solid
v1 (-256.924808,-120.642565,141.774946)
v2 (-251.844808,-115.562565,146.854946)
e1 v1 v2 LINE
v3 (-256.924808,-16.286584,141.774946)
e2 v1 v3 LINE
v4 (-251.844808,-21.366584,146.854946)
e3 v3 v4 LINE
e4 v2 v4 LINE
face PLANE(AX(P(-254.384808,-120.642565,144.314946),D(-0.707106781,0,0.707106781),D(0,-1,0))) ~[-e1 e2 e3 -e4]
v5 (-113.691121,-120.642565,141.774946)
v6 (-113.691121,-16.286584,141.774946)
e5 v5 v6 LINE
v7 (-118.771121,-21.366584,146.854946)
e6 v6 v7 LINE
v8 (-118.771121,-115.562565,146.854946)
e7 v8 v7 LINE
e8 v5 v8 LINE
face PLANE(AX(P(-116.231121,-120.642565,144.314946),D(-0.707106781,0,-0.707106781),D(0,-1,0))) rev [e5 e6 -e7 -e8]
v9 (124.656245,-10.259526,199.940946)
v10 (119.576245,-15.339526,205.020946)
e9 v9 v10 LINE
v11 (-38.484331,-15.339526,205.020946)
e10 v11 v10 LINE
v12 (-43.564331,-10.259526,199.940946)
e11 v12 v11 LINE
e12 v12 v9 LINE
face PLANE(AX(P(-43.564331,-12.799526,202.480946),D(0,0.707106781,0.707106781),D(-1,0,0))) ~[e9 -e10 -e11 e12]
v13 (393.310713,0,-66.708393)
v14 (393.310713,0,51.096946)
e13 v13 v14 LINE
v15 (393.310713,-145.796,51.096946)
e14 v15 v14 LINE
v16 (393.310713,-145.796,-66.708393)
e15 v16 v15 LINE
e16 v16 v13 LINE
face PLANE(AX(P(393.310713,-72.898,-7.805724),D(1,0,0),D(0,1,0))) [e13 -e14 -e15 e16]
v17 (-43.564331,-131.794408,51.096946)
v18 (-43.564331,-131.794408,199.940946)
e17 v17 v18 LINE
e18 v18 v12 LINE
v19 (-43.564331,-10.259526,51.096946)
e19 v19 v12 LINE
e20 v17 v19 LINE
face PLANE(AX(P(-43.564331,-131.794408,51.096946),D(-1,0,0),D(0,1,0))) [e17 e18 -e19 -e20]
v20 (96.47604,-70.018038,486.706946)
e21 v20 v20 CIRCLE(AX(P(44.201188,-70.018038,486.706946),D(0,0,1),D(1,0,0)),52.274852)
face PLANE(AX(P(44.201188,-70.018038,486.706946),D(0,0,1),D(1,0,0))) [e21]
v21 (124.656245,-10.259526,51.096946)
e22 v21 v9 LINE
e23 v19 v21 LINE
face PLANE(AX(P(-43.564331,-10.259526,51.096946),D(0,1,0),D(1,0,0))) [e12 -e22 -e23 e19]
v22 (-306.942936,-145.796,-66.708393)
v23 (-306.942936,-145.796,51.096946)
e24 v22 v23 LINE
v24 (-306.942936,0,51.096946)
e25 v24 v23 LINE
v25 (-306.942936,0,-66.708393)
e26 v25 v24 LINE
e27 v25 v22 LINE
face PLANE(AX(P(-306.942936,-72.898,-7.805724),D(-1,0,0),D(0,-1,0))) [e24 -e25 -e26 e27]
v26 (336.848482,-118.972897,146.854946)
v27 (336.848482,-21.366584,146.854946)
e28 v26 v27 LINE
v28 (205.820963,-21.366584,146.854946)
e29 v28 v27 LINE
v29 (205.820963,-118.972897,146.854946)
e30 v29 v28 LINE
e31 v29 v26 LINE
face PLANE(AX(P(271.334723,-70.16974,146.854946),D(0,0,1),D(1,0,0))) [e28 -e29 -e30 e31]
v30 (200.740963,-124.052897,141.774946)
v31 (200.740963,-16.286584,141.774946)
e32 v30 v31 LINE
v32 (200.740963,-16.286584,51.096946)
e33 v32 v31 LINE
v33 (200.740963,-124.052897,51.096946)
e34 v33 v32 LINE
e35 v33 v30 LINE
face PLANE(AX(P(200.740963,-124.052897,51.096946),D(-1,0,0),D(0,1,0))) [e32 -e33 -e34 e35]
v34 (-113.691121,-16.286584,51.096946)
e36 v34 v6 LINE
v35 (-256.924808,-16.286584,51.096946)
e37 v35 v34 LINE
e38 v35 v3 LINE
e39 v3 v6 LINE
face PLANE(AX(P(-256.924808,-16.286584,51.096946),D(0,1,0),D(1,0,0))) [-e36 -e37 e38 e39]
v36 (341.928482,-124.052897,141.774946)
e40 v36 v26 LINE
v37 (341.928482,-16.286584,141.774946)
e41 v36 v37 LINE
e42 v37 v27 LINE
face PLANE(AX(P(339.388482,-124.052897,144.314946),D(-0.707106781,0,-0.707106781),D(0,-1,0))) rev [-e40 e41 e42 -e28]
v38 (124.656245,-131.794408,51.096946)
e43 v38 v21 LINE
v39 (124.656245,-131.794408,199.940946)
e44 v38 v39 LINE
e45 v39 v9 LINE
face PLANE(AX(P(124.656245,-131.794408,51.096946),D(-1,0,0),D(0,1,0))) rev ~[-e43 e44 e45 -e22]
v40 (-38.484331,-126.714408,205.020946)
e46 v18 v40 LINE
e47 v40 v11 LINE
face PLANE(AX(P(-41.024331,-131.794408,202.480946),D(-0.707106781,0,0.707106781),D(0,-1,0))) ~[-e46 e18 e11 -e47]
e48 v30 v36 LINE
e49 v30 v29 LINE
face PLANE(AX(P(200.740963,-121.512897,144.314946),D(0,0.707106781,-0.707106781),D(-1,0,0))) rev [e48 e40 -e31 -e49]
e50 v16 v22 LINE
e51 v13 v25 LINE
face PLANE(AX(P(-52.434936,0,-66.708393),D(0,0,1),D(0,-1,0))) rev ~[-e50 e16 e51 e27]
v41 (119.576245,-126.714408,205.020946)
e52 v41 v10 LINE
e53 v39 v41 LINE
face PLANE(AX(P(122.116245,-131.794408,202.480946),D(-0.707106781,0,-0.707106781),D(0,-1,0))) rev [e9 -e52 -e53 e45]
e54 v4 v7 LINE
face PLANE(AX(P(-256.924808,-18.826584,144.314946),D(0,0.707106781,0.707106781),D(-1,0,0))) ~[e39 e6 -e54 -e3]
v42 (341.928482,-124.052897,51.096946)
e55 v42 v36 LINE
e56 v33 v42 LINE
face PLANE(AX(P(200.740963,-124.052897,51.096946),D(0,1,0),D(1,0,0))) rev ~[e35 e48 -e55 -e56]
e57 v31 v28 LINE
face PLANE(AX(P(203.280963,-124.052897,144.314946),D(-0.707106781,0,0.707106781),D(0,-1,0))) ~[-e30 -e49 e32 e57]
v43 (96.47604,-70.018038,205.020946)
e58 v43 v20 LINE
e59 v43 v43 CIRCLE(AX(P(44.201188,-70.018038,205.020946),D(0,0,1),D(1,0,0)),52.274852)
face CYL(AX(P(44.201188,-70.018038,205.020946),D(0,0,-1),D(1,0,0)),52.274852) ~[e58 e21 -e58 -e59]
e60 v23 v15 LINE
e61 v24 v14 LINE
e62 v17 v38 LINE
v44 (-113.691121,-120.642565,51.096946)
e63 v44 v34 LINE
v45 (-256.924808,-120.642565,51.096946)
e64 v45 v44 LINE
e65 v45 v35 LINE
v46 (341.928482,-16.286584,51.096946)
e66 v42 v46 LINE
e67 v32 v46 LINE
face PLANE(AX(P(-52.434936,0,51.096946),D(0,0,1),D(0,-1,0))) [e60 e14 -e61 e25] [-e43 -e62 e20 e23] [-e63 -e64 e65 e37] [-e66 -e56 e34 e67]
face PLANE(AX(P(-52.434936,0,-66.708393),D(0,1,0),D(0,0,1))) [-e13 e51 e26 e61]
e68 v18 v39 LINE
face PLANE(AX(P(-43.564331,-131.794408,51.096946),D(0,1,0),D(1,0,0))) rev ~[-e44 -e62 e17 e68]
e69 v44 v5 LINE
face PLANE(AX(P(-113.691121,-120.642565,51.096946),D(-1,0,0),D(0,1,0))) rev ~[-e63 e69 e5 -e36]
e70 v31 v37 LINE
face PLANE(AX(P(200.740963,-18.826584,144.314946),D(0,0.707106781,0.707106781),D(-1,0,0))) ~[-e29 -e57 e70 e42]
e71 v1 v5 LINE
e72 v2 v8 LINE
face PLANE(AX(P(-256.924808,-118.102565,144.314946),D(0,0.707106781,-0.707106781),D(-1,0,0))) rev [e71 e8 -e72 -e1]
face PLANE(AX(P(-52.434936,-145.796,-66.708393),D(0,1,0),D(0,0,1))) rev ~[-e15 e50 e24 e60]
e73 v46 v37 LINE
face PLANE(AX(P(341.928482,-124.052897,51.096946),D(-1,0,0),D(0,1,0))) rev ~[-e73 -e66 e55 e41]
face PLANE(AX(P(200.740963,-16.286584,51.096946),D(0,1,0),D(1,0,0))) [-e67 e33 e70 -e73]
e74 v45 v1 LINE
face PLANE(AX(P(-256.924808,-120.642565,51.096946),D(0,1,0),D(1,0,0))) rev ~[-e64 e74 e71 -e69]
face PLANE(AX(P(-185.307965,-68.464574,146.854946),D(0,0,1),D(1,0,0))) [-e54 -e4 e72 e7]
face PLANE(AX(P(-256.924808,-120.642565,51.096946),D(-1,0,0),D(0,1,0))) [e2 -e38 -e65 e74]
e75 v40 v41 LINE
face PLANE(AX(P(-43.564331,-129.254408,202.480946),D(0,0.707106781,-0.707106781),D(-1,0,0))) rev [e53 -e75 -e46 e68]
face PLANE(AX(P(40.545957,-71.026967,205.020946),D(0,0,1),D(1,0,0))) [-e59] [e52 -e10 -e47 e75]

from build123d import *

# Parameters (mm, degrees)
F0_W      = 101.3216488063
F0_H      = 117.805339396
F1_DEPTH  = 145.796
F2_W      = 145.796
F2_H      = 117.805339396
F3_DEPTH  = 89.916
F4_W      = 168.2205758989
F4_H      = 121.5348821133
F5_DEPTH  = 153.924
F6_SIZE   = 5.08
F7_W      = 145.796
F7_H      = 117.805339396
F8_DEPTH  = 254.508
F9_W      = 145.796
F9_H      = 117.805339396
F10_DEPTH = 254.508
F11_W     = 143.2336866856
F11_H     = 104.3559815735
F11_W_2   = 141.1875188351
F11_H_2   = 107.7663134784
F12_DEPTH = 95.758
F13_SIZE  = 5.08
F14_R     = 52.2748523049
F15_DEPTH = 281.686


with BuildPart() as f1:
    # F0 (on Front) → F1 (new body)
    with BuildSketch(Plane.XZ):
        with Locations((-1.7741117626, -7.8057236969)):
            Rectangle(F0_W, F0_H)
    extrude(amount=F1_DEPTH)

    # F2 (on face) → F3 (join)
    with BuildSketch(Plane.YZ.offset(48.8867126405)):
        with Locations((-72.898, -7.8057236969)):
            Rectangle(F2_W, F2_H)
    extrude(amount=F3_DEPTH)

    # F4 (on face) → F5 (join)
    with BuildSketch(Plane.XY.offset(51.0969460011)):
        with Locations((40.545957163, -71.0269669071)):
            Rectangle(F4_W, F4_H)
    extrude(amount=F5_DEPTH)

    # F6
    f6_edges = [f1.edges().sort_by_distance(p)[0] for p in [
        (40.545957, -131.794408, 205.020946),
        (124.656245, -71.026967, 205.020946),
        (40.545957, -10.259526, 205.020946),
        (-43.564331, -71.026967, 205.020946),
    ]]
    chamfer(f6_edges, length=F6_SIZE)

    # F7 (on face) → F8 (join)
    with BuildSketch(Plane.YZ.offset(138.8027126405)):
        with Locations((-72.898, -7.8057236969)):
            Rectangle(F7_W, F7_H)
    extrude(amount=F8_DEPTH)

    # F9 (on face) → F10 (join)
    with BuildSketch(Plane(origin=(-52.4349361658, 0, 0), x_dir=(0, -1, 0), z_dir=(-1, 0, 0))):
        with Locations((72.898, -7.8057236969)):
            Rectangle(F9_W, F9_H)
    extrude(amount=F10_DEPTH)

    # F11 (on face) → F12 (join)
    with BuildSketch(Plane.XY.offset(51.0969460011)):
        with Locations((-185.3079646826, -68.4645744041)):
            Rectangle(F11_W, F11_H)
        with Locations((271.3347226381, -70.1697403565)):
            Rectangle(F11_W_2, F11_H_2)
    extrude(amount=F12_DEPTH)

    # F13
    f13_edges = [f1.edges().sort_by_distance(p)[0] for p in [
        (-185.307965, -16.286584, 146.854946),
        (-113.691121, -68.464574, 146.854946),
        (-185.307965, -120.642565, 146.854946),
        (-256.924808, -68.464574, 146.854946),
        (271.334723, -16.286584, 146.854946),
        (200.740963, -70.16974, 146.854946),
        (341.928482, -70.16974, 146.854946),
        (271.334723, -124.052897, 146.854946),
    ]]
    chamfer(f13_edges, length=F13_SIZE)

    # F14 (on face) → F15 (join)
    with BuildSketch(Plane.XY.offset(205.0209460011)):
        with Locations((44.2011877894, -70.0180381536)):
            Circle(F14_R)
    extrude(amount=F15_DEPTH)


solid = f1.part
